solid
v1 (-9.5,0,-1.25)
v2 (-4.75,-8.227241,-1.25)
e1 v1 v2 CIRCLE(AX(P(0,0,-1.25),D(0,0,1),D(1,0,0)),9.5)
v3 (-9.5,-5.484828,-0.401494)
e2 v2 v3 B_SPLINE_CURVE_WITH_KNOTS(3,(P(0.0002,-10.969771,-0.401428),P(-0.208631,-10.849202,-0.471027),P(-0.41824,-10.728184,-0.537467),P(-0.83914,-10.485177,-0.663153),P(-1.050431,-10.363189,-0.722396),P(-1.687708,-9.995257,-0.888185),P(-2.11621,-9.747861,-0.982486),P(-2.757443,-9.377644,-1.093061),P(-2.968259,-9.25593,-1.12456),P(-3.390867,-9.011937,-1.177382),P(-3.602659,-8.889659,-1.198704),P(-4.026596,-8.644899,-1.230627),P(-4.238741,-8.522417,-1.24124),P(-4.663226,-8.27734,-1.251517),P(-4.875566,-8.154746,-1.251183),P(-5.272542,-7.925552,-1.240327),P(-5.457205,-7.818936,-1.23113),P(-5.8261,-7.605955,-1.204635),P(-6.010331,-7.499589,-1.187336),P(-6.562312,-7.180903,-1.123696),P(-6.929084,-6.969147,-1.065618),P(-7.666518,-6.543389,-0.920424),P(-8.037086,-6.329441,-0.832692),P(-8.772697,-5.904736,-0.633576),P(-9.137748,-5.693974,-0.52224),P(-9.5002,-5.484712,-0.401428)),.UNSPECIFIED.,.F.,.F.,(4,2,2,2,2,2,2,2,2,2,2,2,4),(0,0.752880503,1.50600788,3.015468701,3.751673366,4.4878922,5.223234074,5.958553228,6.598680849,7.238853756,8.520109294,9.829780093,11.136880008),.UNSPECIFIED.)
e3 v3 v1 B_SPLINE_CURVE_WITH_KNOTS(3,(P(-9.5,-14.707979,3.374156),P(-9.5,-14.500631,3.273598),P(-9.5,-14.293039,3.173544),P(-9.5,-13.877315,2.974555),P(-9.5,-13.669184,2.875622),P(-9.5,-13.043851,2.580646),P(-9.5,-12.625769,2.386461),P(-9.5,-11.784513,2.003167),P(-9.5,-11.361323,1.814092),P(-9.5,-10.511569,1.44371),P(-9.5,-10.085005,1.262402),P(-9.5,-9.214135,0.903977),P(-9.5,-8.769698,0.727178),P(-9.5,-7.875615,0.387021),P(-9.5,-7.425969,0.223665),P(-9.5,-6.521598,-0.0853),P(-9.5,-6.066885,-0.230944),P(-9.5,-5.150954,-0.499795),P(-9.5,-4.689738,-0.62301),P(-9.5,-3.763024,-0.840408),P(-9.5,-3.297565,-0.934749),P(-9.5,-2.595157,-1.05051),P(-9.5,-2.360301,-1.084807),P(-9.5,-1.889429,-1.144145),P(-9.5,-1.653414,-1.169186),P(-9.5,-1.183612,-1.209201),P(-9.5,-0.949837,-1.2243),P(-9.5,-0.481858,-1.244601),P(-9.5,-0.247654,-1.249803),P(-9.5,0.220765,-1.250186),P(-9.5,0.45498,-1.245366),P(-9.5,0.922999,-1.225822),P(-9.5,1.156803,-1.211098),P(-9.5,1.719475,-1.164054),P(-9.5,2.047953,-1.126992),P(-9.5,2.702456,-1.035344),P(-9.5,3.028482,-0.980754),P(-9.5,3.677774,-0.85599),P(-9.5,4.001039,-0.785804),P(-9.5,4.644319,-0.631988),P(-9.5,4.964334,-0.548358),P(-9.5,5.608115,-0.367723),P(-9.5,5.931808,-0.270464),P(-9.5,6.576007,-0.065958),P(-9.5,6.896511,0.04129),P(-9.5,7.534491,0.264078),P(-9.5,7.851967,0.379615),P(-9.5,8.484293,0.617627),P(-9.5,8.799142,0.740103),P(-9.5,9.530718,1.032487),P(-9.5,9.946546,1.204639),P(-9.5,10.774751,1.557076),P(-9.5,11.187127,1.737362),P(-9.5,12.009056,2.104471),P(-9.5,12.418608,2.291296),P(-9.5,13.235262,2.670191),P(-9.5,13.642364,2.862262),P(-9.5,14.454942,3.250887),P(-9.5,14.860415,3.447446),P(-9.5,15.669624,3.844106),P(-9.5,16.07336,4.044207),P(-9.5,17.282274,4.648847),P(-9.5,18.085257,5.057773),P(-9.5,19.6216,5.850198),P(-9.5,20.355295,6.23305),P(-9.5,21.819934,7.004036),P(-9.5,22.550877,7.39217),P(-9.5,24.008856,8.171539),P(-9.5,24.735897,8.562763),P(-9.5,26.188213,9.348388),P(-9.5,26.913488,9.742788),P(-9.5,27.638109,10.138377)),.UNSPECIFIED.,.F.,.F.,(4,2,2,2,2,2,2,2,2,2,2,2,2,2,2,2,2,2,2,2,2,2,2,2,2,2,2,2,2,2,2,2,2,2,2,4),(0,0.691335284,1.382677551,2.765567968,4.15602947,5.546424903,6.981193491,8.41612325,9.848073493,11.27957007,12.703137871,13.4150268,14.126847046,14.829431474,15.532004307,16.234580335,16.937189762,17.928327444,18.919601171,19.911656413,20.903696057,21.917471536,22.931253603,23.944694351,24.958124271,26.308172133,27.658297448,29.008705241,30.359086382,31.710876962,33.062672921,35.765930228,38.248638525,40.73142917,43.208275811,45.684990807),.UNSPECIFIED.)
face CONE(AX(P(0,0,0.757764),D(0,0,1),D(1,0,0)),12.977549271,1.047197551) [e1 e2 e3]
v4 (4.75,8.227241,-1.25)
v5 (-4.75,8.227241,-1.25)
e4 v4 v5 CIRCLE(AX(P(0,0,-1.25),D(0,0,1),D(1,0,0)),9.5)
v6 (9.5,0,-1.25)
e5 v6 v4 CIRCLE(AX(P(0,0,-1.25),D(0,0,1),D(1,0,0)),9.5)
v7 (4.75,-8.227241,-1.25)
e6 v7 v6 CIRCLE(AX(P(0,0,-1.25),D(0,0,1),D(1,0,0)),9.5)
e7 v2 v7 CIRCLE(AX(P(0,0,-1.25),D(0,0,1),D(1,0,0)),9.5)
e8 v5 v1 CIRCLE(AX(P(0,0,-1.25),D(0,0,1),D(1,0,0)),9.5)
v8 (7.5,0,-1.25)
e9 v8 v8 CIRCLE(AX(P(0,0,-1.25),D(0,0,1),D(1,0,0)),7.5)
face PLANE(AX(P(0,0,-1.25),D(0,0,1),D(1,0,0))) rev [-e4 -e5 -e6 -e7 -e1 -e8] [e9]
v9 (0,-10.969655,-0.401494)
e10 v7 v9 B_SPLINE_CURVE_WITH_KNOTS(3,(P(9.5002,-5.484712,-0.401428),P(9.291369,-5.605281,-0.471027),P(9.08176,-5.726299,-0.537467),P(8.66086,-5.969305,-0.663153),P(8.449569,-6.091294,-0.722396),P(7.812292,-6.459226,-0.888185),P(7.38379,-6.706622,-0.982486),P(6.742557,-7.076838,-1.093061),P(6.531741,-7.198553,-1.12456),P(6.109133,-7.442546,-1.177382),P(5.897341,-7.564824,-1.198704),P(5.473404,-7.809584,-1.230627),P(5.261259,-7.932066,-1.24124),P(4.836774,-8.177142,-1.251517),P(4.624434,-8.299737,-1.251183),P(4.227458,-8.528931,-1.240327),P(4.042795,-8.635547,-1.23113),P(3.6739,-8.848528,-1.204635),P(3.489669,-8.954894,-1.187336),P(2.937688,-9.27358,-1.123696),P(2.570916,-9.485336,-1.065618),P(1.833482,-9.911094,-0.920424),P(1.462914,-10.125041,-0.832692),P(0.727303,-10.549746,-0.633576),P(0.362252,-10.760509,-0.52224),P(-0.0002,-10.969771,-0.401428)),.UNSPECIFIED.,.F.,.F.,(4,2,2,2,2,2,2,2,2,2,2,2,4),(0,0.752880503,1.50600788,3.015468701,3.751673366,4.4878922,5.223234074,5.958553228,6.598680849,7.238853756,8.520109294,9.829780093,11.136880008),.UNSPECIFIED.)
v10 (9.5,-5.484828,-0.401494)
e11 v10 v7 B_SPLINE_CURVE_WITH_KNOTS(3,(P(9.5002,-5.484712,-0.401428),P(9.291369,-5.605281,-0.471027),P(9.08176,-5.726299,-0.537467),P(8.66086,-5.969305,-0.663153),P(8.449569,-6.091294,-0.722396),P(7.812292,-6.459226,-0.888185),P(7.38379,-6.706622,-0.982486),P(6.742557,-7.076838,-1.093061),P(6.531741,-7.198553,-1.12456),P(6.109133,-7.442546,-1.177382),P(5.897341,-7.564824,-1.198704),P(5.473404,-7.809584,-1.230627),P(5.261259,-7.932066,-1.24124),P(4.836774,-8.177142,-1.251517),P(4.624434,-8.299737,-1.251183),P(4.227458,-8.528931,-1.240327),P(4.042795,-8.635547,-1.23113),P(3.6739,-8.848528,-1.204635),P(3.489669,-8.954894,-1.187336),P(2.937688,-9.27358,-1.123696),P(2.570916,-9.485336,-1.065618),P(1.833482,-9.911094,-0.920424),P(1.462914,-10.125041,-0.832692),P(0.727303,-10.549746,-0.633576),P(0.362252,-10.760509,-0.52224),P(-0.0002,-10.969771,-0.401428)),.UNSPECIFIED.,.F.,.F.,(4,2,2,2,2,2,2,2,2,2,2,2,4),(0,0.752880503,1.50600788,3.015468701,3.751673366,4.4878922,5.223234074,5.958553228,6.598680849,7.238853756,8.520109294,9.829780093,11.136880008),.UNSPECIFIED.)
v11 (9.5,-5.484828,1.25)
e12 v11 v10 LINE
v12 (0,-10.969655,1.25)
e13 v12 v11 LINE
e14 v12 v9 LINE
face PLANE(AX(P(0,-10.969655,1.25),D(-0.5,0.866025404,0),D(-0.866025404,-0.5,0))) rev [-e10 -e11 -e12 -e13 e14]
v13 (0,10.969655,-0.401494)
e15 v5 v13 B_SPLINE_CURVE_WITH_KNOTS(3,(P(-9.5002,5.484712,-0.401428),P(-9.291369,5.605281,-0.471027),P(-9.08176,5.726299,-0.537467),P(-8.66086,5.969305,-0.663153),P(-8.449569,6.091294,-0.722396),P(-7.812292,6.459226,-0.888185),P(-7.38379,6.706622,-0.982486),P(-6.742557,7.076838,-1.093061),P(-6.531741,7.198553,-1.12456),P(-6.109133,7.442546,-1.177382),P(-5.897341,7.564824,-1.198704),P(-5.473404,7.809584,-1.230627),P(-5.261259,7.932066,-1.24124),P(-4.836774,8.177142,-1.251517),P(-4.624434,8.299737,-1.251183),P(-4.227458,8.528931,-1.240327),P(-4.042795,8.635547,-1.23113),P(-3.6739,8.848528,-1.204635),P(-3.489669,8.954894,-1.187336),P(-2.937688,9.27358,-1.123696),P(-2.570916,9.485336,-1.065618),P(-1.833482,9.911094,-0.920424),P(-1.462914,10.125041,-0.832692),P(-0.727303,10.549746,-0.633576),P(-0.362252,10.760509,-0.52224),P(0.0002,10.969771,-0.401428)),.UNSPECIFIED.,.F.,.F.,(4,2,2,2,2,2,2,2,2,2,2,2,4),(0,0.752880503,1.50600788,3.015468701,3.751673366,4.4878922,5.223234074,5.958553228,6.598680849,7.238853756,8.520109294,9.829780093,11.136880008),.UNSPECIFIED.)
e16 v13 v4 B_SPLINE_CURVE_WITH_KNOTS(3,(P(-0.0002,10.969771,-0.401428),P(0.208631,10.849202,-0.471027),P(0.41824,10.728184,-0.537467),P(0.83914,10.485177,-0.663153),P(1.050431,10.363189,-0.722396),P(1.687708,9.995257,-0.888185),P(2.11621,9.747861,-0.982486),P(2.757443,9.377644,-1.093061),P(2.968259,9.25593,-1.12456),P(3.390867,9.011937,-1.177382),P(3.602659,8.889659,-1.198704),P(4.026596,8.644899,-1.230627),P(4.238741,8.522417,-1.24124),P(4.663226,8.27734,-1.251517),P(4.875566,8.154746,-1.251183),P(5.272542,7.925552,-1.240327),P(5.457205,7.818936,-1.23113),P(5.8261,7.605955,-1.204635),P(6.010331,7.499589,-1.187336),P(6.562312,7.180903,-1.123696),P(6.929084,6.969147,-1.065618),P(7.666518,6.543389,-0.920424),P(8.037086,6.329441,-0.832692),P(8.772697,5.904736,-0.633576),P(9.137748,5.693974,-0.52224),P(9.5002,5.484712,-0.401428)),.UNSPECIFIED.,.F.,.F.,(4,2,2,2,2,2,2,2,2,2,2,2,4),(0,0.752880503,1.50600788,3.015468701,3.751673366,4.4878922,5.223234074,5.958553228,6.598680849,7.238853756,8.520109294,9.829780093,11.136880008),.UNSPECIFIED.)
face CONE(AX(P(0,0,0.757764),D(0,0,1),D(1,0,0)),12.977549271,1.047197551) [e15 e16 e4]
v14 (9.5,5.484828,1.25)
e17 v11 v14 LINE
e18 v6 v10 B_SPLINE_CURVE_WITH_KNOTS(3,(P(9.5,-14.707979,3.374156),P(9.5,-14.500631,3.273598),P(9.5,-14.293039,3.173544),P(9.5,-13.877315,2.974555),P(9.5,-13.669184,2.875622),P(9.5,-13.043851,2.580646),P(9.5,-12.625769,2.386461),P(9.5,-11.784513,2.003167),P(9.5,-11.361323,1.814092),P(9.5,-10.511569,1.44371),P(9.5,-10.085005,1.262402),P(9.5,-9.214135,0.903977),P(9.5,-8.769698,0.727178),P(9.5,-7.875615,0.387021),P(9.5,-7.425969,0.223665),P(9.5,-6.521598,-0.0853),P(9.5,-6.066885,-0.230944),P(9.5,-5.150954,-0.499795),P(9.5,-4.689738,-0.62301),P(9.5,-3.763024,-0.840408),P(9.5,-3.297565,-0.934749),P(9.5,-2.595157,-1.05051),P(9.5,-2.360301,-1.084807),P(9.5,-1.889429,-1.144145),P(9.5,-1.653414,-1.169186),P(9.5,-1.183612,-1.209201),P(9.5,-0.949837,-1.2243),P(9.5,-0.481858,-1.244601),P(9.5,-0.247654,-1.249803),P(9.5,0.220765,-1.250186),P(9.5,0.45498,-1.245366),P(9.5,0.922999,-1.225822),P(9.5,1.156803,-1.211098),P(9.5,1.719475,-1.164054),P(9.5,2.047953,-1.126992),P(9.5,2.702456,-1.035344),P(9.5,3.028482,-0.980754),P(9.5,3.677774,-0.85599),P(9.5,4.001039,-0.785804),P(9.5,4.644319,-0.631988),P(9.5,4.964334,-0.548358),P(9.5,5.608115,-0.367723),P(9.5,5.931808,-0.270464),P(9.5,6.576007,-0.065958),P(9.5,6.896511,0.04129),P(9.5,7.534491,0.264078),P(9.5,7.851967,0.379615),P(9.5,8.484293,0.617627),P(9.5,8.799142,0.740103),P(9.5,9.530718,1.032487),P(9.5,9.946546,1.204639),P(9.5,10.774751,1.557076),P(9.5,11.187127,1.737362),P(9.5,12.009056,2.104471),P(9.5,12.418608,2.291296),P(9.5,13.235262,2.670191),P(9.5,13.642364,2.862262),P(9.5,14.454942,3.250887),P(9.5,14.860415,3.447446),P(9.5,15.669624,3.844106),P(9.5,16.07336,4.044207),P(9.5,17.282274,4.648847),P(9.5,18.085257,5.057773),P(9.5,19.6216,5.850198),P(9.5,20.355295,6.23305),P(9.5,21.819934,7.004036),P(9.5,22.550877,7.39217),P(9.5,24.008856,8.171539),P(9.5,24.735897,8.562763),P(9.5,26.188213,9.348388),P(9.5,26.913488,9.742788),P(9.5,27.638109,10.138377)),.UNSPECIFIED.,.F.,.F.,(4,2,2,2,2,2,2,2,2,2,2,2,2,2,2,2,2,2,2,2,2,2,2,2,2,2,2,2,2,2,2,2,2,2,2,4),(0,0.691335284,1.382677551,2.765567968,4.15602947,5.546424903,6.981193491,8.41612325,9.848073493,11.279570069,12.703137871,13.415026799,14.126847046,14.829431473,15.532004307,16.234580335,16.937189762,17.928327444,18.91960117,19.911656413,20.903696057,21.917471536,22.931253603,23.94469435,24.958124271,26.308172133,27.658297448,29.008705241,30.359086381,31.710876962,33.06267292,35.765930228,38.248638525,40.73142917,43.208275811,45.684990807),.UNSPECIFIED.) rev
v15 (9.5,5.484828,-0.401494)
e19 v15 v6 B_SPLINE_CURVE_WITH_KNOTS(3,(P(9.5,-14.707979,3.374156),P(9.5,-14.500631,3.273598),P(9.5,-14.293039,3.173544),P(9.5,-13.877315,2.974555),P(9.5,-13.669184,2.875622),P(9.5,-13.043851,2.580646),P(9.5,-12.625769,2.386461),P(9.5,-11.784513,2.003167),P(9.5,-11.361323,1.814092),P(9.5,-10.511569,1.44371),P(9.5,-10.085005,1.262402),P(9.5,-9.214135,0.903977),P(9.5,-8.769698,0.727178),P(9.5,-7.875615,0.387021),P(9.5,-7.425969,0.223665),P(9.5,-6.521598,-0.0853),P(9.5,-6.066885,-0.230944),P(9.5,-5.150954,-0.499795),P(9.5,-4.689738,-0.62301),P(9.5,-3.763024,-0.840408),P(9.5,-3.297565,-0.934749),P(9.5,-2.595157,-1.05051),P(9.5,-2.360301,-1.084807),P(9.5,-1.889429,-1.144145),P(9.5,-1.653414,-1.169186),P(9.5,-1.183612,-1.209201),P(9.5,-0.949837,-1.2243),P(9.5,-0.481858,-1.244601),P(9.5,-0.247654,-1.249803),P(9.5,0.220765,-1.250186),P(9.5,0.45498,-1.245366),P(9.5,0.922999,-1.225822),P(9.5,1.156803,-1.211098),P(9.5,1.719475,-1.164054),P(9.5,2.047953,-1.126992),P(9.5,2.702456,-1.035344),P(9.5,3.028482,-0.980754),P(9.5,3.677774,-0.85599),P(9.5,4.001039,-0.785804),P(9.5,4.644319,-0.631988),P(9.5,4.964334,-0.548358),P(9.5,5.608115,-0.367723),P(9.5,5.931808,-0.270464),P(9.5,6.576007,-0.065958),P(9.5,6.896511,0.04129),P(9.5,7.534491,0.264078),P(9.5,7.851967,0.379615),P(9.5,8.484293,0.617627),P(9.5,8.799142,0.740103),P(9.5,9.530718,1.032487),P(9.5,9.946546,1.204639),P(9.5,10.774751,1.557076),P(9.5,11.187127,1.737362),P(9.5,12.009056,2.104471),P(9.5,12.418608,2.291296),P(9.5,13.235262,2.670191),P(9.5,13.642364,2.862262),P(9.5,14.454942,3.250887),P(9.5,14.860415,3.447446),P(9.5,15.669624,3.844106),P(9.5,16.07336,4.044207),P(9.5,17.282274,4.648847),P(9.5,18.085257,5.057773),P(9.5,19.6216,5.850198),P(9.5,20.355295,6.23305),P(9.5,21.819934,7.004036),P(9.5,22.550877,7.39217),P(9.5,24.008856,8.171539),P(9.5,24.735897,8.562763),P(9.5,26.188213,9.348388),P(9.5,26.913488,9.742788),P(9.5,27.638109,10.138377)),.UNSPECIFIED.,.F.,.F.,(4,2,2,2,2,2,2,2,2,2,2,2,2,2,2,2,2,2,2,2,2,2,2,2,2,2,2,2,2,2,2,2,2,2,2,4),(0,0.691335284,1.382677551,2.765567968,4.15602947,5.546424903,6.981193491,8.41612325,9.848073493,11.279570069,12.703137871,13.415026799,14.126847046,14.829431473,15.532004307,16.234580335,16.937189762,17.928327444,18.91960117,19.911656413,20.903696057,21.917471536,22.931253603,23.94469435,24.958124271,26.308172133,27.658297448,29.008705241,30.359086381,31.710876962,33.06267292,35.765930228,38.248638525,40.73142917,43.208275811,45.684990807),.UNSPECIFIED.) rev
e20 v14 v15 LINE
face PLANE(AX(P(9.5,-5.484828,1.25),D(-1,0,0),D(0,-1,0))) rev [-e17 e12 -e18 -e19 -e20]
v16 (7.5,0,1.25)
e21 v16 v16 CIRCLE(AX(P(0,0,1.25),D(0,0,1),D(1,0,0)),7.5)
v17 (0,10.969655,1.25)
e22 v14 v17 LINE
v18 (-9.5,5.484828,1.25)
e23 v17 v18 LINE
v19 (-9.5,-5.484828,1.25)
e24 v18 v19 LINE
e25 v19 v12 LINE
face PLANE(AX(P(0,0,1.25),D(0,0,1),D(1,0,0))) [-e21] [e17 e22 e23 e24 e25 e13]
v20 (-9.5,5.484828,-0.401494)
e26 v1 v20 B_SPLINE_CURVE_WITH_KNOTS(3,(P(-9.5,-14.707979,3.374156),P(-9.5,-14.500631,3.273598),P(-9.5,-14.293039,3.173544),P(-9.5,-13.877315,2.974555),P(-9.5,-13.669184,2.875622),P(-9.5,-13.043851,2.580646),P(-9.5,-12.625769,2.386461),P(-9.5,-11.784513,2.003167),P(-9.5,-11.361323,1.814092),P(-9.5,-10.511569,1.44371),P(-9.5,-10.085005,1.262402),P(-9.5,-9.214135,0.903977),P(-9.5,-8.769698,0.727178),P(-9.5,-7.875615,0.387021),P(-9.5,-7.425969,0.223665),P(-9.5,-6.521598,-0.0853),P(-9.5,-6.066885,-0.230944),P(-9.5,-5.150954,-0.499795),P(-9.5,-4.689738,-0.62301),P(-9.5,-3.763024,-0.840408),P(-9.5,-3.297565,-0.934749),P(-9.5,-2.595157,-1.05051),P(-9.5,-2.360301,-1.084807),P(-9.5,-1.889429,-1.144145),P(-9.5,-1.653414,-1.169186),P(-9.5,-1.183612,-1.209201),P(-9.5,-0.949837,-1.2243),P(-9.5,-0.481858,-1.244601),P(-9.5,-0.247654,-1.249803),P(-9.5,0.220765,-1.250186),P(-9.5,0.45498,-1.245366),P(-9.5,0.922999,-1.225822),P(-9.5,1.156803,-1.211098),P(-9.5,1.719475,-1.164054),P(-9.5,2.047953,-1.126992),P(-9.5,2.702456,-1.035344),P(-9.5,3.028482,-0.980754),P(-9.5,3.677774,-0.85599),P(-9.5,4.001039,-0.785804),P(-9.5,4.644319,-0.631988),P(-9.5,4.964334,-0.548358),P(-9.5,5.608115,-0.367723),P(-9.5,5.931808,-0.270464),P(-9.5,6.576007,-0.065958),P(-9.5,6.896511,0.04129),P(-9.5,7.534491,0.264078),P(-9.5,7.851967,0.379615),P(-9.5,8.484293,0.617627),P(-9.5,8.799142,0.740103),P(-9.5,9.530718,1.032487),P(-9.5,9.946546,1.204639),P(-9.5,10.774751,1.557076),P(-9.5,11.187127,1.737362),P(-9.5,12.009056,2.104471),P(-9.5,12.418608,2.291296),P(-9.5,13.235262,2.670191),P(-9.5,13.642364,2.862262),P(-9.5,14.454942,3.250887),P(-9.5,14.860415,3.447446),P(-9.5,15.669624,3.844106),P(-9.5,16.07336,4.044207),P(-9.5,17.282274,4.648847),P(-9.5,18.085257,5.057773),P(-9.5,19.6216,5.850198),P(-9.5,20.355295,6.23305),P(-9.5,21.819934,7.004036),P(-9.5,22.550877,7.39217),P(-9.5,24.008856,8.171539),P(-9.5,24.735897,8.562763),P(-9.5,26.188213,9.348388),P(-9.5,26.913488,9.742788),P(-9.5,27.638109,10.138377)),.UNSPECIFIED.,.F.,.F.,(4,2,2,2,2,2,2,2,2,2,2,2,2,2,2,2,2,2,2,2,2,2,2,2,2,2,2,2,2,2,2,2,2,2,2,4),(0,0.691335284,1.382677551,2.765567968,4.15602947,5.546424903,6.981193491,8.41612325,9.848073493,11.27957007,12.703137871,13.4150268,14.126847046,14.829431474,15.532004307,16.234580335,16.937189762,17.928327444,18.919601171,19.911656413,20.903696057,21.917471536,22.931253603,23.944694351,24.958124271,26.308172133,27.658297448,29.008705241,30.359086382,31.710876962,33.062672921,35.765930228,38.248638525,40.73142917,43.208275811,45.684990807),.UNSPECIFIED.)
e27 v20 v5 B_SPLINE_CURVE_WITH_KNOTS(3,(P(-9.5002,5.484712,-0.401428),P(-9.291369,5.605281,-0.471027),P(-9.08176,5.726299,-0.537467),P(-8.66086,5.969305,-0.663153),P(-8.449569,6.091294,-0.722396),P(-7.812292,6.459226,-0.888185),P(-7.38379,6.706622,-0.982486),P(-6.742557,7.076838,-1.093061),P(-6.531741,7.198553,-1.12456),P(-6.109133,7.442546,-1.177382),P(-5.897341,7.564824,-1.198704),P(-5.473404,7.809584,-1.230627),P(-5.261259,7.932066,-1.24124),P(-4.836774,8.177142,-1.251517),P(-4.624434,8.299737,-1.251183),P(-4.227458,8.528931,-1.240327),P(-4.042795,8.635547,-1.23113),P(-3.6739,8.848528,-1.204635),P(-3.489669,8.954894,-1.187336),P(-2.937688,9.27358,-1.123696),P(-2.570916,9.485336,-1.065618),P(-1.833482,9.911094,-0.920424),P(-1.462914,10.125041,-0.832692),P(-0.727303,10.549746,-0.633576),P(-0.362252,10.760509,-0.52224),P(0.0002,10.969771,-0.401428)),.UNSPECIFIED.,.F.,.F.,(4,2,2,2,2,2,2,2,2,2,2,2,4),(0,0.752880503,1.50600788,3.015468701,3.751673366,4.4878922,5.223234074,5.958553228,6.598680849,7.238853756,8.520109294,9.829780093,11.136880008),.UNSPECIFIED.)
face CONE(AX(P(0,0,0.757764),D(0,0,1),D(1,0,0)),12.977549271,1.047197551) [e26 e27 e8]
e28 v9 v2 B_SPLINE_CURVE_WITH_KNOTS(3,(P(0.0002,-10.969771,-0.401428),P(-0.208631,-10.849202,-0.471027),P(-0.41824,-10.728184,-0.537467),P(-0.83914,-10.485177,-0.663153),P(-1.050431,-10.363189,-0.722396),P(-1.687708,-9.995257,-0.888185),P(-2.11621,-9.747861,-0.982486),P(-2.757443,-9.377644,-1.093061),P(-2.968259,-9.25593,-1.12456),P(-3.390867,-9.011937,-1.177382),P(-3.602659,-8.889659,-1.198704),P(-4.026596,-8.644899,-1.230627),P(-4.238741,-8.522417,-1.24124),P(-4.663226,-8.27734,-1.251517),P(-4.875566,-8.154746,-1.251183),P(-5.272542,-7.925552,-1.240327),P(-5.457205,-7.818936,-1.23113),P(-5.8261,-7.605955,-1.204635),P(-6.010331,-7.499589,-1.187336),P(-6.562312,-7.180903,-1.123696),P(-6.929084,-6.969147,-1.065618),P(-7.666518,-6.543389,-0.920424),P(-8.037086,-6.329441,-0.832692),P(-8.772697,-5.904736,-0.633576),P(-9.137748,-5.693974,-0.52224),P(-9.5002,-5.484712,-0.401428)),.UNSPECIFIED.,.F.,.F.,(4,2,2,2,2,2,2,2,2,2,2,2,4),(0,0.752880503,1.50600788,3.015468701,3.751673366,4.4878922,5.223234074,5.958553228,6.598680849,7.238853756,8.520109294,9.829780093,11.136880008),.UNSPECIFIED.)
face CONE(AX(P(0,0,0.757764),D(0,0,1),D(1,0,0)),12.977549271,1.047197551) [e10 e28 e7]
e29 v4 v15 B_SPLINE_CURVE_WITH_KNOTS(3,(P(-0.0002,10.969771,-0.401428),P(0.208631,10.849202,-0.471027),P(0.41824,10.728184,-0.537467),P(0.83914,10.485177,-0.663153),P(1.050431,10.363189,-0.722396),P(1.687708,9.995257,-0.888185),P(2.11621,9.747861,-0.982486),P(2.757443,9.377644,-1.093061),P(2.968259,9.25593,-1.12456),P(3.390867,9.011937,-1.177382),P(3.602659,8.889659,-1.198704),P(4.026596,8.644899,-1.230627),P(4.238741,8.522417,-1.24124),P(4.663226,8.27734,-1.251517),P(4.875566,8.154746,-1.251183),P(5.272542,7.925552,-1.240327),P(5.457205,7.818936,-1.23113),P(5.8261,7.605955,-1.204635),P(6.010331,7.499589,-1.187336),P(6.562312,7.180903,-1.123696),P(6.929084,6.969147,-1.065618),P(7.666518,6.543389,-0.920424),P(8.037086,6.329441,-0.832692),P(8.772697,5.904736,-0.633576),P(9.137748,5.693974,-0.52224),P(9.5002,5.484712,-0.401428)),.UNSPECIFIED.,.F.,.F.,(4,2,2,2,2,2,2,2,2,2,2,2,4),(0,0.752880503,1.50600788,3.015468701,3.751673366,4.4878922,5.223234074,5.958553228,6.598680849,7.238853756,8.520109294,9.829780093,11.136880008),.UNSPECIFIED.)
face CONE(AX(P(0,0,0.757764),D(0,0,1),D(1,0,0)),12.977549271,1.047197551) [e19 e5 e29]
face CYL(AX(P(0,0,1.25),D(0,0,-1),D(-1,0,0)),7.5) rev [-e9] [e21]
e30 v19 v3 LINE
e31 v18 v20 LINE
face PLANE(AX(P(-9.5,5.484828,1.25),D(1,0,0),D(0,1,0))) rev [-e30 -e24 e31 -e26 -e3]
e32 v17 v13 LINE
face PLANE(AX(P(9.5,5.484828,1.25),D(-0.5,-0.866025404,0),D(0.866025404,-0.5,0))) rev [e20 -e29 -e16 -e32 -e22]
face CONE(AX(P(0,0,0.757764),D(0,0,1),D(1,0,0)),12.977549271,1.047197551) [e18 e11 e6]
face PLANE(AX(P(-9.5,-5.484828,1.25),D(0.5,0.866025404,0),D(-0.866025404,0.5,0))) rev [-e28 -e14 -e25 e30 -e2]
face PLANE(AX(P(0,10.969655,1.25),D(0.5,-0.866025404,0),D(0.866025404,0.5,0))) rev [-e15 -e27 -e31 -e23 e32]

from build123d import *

# Parameters (mm, degrees)
SKETCH1_R           = 7.5
BOSS_EXTRUDE1_DEPTH = 1.25


with BuildPart() as part:
    # Sketch1 → Boss-Extrude1 (new body, symmetric)
    with BuildSketch(Plane.XY):
        Polygon((0, 10.969655115), (-9.5, 5.484827557), (-9.5, -5.484827557), (0, -10.969655115), (9.5, -5.484827557), (9.5, 5.484827557), align=None)
        Circle(SKETCH1_R, mode=Mode.SUBTRACT)
    extrude(amount=BOSS_EXTRUDE1_DEPTH, both=True)

    # Sketch2 → Cut-Revolve1 (revolve, cut)
    with BuildSketch(Plane(origin=(0, 0, 0), x_dir=(1, 0, 0), z_dir=(0, 1, 0))):
        Polygon((-9.5, 1.25), (-12.977549271, -0.757764008), (-12.977549271, 1.25), align=None)
    revolve(axis=Axis((0, 0, 0), (0, 0, -1)), mode=Mode.SUBTRACT)


solid = part.part
